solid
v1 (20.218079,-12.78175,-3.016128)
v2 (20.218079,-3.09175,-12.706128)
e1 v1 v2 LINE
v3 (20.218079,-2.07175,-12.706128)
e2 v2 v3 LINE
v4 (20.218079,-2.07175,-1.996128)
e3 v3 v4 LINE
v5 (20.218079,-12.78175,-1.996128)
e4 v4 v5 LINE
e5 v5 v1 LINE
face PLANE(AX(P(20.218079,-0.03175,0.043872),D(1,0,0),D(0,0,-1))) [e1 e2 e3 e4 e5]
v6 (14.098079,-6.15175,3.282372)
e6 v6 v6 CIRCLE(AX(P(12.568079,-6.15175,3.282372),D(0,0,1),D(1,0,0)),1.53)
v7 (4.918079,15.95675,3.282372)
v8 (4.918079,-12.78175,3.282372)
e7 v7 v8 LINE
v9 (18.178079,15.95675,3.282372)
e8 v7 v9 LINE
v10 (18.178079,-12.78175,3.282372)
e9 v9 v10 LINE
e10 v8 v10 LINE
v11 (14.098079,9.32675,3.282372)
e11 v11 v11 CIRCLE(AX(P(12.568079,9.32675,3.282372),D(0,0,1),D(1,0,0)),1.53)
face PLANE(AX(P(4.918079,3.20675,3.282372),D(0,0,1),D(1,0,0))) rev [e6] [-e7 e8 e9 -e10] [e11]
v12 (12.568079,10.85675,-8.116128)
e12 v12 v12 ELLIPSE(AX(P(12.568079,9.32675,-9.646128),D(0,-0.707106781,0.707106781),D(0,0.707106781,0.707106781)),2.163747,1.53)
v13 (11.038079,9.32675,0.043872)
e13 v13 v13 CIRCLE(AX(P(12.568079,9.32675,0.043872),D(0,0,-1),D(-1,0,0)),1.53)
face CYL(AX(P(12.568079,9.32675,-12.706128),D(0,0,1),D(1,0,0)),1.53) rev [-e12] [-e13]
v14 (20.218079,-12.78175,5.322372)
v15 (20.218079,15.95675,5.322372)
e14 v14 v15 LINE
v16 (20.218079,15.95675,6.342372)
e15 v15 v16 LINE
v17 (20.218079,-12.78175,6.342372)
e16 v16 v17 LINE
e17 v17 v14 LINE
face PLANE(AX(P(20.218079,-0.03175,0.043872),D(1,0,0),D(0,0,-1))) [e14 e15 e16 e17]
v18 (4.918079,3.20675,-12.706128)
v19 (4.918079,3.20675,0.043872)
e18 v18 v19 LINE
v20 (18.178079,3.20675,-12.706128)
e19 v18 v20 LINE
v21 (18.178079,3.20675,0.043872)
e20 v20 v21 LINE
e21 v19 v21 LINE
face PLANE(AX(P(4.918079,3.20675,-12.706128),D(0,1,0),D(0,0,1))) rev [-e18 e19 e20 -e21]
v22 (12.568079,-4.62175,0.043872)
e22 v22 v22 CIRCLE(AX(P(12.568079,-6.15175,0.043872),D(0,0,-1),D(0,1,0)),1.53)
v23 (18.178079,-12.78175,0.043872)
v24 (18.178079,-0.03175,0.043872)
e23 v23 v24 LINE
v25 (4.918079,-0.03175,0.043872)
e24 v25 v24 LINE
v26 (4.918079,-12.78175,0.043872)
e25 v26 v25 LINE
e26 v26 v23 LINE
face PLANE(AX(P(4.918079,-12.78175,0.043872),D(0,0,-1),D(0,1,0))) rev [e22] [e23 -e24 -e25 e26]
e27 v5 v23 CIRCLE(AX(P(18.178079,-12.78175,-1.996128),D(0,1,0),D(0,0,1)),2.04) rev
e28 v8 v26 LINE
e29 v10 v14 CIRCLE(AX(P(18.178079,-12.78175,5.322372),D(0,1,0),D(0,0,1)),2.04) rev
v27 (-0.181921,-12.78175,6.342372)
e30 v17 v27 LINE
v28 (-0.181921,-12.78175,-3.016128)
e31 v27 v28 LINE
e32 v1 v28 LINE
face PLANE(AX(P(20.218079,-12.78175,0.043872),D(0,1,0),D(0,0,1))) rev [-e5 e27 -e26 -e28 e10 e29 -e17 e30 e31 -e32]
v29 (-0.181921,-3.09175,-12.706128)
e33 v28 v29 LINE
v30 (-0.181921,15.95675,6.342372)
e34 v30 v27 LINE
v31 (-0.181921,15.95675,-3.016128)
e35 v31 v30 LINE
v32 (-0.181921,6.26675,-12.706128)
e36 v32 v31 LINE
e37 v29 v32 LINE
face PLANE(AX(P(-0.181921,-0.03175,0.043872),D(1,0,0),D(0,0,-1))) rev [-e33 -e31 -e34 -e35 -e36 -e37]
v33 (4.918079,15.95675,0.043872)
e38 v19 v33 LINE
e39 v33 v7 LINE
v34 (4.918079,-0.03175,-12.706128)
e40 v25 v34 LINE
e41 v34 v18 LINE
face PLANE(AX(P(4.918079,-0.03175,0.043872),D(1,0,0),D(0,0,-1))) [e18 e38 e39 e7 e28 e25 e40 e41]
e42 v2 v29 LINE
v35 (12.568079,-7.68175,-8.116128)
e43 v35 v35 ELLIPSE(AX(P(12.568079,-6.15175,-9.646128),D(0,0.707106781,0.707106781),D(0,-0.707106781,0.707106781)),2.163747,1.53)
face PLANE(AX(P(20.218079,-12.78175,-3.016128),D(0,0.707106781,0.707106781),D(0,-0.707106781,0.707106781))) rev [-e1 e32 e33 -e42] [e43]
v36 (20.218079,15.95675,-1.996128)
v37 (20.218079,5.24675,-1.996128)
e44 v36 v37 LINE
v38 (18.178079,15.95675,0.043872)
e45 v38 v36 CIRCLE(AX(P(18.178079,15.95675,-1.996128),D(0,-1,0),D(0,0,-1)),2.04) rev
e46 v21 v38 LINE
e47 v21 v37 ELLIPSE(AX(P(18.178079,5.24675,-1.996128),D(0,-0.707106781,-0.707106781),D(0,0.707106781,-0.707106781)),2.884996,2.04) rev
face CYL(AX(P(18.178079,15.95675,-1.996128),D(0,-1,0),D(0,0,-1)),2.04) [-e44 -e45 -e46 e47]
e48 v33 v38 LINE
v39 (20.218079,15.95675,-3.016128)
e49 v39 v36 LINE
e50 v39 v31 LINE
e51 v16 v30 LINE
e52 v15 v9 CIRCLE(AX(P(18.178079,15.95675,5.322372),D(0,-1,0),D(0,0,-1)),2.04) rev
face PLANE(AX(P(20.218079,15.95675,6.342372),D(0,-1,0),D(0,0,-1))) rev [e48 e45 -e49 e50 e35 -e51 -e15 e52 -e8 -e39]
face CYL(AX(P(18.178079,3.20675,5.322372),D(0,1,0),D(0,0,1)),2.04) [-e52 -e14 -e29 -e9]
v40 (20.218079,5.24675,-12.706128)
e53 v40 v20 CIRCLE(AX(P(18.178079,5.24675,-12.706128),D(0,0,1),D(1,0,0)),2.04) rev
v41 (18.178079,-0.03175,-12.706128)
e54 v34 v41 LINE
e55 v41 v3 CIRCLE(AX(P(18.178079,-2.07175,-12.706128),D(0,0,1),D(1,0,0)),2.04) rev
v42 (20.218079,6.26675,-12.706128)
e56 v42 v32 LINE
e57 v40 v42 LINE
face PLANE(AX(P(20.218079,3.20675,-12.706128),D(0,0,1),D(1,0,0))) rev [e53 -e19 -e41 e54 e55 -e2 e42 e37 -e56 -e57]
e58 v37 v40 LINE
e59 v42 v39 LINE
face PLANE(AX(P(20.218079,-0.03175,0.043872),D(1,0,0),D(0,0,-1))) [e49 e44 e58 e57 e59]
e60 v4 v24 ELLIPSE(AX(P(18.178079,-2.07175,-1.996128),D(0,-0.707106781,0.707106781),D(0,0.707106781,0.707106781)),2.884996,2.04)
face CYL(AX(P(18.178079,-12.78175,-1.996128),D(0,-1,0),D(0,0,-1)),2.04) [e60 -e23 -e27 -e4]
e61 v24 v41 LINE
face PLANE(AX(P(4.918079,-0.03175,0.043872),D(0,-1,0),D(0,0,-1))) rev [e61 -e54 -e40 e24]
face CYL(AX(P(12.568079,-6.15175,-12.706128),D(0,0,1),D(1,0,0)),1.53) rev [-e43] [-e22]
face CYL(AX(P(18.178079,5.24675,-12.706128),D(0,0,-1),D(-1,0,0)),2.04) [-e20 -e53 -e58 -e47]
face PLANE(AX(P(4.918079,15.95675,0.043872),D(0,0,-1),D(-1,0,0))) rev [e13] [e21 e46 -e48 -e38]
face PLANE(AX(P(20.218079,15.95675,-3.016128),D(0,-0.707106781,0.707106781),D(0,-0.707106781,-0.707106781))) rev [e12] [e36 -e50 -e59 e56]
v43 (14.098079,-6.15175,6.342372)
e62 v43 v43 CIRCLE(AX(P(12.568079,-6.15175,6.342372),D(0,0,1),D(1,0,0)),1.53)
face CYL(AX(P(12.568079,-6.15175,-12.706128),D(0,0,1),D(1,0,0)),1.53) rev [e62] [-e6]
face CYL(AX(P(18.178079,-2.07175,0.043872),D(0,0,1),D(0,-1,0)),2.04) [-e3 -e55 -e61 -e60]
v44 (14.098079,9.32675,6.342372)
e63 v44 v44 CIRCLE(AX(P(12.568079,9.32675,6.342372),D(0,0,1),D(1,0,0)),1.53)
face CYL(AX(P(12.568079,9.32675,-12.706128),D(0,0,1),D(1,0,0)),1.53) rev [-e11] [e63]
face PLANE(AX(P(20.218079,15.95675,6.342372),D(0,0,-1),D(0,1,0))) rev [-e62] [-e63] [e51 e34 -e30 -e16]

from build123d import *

# Parameters (mm, degrees)
BOSS_EXTRUDE1_DEPTH = 20
CUT_EXTRUDE1_DEPTH  = 15
FILLET1_R           = 2
SKETCH5_R           = 1.5
CUT_EXTRUDE4_DEPTH  = 32.535079673
SCALE1_SCALE        = 1.02


with BuildPart() as part:
    # Sketch1 → Boss-Extrude1 (new body)
    with BuildSketch(Plane(origin=(0, 0, 0), x_dir=(0, 0, -1), z_dir=(1, 0, 0))):
        Polygon((0, -12.5), (-3.175, -12.5), (-6.175, -12.5), (-6.175, 15.675), (-3.175, 15.675), (0, 15.675), (3, 15.675), (12.5, 6.175), (12.5, 3.175), (12.5, 0), (12.5, -3), (3, -12.5), align=None)
    extrude(amount=BOSS_EXTRUDE1_DEPTH)

    # Sketch2 → Cut-Extrude1 (cut)
    with BuildSketch(Plane(origin=(20, 0, 0), x_dir=(0, 0, -1), z_dir=(1, 0, 0))):
        Polygon((-3.175, -12.5), (0, -12.5), (0, 0), (12.5, 0), (12.5, 3.175), (0, 3.175), (0, 15.675), (-3.175, 15.675), (-3.175, 3.175), align=None)
    extrude(amount=-CUT_EXTRUDE1_DEPTH, mode=Mode.SUBTRACT)

    # Fillet1
    fillet1_edges = [part.edges().sort_by_distance(p)[0] for p in [
        (20, 1.5875, 3.175),
        (20, -6.25, 0),
        (20, 0, -6.25),
        (20, 3.175, -6.25),
        (20, 9.425, 0),
    ]]
    fillet(fillet1_edges, radius=FILLET1_R)

    # Sketch5 → Cut-Extrude4 (cut, through all)
    with BuildSketch(Plane.XY.offset(6.175)):
        with Locations(Location((12.5, 9.175, 0), (0, 0, 90))):
            Circle(SKETCH5_R)
        with Locations(Location((12.5, -6, 0), (0, 0, 90))):
            Circle(SKETCH5_R)
    extrude(amount=-CUT_EXTRUDE4_DEPTH, mode=Mode.SUBTRACT)


with BuildPart() as part_1:
    # Scale1: scaled about (9.096060395, 1.5875, -2.193637699)
    add(part.part.scale(SCALE1_SCALE).moved(Location((-0.181921208, -0.03175, 0.043872754))))


solid = part_1.part
